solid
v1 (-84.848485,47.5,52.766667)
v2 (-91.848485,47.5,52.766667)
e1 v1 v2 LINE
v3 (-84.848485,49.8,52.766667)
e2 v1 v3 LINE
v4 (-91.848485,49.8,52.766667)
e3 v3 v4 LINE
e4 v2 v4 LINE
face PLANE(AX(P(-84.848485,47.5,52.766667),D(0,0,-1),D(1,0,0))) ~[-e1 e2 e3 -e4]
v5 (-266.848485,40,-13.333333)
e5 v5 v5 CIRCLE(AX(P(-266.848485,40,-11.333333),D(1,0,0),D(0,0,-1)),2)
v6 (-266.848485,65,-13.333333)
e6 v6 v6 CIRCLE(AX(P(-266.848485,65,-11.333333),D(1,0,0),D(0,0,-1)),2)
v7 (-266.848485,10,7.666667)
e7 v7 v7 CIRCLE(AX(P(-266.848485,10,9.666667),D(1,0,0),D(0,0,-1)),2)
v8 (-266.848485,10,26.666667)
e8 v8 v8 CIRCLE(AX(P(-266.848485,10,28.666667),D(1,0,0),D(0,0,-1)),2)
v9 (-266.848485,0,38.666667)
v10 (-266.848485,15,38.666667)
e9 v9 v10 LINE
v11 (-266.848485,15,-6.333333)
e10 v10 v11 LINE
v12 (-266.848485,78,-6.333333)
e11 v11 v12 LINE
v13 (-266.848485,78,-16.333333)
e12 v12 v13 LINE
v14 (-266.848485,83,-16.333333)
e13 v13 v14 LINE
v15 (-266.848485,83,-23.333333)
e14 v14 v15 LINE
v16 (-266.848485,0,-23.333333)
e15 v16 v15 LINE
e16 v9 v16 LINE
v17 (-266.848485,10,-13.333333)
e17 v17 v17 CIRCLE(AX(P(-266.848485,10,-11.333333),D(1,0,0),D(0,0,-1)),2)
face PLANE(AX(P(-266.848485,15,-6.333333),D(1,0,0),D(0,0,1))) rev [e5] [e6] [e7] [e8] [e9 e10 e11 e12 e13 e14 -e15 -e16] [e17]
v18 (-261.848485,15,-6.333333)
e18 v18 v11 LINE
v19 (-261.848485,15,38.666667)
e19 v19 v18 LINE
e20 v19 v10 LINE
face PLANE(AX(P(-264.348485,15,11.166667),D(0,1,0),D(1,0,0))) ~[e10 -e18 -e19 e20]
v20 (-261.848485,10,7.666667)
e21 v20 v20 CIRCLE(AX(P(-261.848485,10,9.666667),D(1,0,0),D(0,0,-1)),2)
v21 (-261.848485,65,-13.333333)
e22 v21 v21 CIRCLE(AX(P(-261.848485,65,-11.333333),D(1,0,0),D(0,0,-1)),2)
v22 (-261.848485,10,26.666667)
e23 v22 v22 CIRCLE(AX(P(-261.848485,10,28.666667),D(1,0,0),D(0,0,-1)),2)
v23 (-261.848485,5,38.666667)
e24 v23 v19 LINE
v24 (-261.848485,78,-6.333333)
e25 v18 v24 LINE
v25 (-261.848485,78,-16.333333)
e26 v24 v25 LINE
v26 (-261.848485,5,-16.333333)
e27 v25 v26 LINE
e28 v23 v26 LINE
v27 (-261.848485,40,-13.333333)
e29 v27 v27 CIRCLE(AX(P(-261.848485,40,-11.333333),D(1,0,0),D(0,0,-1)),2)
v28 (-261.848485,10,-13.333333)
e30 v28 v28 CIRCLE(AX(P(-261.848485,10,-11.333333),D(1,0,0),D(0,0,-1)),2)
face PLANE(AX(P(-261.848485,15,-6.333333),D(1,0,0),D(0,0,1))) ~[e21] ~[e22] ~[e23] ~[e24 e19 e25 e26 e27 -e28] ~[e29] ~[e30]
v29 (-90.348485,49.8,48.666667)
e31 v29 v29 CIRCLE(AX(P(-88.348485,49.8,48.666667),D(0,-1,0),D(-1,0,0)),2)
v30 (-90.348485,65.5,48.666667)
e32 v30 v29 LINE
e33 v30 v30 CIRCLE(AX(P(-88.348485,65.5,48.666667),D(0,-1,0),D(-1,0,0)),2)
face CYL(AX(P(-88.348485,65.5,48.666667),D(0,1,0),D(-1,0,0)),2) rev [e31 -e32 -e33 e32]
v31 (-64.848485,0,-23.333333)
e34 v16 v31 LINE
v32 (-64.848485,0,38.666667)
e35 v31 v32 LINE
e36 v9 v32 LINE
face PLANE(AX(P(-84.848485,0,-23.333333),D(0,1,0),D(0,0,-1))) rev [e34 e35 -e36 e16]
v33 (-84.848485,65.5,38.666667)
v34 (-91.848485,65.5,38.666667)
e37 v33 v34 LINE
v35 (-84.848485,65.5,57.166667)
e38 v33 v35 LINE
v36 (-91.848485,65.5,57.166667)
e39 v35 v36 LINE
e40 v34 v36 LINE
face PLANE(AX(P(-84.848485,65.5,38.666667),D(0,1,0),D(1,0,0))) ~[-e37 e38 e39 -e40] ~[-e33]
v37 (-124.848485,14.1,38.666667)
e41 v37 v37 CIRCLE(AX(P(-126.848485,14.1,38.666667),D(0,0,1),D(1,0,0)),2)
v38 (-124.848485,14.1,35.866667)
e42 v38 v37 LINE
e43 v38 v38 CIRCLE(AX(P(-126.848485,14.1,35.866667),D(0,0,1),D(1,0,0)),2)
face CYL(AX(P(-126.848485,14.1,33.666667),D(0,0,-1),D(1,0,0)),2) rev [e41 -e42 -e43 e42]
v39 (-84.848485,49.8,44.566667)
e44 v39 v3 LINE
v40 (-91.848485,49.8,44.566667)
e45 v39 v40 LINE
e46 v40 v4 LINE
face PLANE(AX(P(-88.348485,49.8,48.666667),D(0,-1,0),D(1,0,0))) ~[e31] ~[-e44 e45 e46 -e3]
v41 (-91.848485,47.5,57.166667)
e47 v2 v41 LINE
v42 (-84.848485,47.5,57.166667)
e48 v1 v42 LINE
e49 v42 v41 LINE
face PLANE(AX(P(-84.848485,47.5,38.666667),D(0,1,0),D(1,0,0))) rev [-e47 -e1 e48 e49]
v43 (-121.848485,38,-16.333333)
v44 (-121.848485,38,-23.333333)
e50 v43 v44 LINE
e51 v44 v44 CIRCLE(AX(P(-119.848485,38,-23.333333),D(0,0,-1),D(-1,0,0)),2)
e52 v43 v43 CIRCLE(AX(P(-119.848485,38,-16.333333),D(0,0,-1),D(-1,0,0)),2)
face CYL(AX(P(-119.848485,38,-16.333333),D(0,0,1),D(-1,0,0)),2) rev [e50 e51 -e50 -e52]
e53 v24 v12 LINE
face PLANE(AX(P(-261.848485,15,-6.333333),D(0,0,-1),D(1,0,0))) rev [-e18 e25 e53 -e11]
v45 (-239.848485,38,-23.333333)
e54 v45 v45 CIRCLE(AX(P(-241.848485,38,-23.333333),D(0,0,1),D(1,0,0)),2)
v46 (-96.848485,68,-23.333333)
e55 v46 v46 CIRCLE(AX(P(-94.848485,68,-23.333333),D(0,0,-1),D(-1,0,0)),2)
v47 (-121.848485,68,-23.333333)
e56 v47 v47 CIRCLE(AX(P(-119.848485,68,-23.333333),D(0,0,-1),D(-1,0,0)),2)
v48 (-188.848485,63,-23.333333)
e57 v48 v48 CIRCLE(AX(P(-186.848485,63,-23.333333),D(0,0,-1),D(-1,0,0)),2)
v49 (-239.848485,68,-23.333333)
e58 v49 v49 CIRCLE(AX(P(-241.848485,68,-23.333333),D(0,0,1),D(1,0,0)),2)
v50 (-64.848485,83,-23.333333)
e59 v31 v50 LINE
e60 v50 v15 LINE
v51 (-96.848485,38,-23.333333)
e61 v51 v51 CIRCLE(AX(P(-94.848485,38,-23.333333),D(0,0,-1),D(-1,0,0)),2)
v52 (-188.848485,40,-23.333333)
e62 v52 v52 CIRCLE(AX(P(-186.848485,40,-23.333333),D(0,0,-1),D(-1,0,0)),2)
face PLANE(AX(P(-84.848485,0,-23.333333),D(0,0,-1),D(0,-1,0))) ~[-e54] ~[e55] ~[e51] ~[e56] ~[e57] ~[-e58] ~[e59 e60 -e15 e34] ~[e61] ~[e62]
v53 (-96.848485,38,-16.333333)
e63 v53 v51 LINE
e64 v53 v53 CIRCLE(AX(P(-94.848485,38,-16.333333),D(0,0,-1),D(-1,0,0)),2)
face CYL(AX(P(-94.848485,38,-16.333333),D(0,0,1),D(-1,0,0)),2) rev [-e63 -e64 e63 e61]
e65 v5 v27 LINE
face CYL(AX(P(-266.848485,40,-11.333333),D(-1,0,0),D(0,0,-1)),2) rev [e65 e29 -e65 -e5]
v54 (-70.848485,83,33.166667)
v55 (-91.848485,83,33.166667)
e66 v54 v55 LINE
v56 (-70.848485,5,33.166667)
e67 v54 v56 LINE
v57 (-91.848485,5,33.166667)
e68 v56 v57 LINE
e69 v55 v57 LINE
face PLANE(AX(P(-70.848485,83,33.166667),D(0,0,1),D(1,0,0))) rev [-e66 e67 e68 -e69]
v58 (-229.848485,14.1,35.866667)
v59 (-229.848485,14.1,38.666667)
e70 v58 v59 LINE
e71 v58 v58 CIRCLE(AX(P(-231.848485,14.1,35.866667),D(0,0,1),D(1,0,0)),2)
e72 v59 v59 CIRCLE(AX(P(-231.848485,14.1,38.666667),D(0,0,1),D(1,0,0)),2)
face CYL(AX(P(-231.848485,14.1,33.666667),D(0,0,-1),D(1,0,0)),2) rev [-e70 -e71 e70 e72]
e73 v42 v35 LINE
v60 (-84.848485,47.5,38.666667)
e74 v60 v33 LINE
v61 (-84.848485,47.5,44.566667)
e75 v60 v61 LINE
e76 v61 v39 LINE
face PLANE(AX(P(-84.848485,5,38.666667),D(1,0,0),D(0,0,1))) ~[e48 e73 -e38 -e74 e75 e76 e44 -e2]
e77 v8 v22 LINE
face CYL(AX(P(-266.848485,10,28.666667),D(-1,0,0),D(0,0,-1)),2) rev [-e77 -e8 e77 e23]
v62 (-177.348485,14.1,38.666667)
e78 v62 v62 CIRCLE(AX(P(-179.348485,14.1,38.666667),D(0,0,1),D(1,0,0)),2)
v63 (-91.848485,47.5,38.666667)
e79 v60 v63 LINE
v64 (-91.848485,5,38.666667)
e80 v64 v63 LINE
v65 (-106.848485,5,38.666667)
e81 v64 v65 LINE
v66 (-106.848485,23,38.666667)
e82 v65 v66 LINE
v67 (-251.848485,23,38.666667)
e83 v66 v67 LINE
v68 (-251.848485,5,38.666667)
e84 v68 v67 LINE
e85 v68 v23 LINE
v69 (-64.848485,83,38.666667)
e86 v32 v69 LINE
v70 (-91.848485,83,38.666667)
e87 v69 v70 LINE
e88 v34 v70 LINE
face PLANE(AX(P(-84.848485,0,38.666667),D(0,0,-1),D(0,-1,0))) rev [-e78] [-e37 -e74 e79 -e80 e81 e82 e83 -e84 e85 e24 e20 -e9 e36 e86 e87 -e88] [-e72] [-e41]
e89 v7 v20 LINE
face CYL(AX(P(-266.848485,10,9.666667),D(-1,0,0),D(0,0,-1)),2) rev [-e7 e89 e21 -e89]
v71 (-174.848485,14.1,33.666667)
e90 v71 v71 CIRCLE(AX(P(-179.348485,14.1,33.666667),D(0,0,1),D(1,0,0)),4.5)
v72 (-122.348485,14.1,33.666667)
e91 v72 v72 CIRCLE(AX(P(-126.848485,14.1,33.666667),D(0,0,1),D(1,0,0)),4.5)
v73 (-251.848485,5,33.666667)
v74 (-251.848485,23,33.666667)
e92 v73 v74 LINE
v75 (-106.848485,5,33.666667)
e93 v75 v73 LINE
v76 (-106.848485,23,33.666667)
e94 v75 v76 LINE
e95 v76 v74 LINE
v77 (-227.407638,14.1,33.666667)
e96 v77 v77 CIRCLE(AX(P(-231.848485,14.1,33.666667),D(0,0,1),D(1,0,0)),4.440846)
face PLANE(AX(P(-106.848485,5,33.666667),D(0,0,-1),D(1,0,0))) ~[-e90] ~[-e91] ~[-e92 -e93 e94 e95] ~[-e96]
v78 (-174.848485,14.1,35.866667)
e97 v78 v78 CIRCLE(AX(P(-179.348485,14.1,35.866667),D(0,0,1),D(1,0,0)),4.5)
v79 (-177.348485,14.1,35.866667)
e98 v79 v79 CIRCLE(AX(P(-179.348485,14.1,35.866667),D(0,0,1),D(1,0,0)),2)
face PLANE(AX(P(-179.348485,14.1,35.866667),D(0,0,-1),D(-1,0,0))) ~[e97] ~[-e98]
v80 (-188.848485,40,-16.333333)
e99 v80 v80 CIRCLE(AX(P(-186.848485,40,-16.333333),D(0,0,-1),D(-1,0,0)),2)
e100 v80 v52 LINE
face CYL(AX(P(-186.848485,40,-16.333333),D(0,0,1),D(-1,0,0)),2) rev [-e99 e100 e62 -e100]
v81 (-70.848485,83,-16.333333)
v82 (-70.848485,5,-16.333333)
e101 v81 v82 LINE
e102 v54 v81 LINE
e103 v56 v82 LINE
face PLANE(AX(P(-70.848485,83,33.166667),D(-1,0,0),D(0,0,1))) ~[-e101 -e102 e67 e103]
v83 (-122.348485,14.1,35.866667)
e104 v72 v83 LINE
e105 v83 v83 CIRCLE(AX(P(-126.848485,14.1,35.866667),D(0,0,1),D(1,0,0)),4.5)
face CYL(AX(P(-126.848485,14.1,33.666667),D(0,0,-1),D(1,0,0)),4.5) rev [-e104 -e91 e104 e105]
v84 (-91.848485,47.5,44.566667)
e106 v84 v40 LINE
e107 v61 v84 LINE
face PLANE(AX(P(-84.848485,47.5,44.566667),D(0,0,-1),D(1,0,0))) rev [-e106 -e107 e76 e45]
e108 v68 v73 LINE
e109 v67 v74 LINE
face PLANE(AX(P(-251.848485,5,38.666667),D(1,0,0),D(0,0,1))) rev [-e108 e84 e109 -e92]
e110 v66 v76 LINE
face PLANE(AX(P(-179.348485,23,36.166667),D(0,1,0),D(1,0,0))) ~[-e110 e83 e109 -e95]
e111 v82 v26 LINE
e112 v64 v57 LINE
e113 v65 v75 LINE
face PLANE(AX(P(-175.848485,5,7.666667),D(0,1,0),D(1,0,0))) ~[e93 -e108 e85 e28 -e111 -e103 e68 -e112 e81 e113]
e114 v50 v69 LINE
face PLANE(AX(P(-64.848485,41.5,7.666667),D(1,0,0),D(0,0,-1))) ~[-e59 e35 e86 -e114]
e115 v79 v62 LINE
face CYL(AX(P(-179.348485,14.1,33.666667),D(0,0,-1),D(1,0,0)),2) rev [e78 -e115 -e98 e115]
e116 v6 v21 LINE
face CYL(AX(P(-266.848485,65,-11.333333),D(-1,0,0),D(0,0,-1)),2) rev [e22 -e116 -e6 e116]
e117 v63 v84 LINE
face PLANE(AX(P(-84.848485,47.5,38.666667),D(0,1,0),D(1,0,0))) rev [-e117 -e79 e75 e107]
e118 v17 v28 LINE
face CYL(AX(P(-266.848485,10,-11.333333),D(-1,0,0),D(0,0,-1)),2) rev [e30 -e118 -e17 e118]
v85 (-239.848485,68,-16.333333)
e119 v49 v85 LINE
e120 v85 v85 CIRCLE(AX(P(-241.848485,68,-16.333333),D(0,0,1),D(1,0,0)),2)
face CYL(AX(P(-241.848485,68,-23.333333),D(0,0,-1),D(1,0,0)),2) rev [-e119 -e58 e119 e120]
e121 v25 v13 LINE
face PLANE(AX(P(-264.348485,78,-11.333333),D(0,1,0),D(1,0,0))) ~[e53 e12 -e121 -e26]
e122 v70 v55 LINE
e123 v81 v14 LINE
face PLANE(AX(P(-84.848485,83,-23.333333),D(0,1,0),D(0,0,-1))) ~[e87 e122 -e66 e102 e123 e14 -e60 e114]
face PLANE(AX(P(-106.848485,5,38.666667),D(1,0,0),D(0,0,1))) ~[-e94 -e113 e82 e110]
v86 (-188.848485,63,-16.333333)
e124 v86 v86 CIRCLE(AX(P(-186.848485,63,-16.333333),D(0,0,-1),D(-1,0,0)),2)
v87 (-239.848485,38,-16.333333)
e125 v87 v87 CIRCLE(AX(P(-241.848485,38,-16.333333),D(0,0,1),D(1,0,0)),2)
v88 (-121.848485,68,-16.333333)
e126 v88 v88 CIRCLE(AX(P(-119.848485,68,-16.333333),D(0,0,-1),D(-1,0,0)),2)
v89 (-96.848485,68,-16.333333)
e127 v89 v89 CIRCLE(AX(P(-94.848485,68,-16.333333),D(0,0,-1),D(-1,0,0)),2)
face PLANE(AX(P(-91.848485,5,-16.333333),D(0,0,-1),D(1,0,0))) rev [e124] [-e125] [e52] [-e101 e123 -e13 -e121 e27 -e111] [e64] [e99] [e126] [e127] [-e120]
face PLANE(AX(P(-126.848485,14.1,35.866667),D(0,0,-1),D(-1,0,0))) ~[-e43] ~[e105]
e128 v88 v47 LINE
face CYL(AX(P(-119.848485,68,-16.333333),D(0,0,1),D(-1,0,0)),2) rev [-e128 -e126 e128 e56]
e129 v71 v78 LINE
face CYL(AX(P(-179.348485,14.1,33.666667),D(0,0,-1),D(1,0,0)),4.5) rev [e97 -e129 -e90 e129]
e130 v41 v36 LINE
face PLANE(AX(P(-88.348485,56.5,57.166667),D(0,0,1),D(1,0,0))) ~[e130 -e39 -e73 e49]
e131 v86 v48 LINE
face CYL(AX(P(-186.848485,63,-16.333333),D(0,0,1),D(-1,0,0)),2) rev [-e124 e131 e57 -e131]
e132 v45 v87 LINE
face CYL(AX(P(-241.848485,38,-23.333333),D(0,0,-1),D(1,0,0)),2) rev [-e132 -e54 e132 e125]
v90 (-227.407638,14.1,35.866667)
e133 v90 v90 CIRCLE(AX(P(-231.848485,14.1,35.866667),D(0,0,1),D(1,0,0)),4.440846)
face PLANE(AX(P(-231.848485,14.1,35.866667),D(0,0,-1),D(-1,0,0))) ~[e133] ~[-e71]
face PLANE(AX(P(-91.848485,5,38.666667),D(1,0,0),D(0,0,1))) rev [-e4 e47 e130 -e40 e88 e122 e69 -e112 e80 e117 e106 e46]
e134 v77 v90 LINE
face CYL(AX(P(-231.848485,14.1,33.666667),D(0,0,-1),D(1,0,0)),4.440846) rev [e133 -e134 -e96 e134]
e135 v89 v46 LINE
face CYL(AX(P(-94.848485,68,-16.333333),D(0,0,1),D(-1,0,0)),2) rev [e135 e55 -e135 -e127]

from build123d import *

# Parameters (mm, degrees)
SKETCH1_W           = 182
SKETCH1_H           = 62
BOSS_EXTRUDE1_DEPTH = 5
SKETCH2_W           = 145
SKETCH2_H           = 5
BOSS_EXTRUDE2_DEPTH = 18
SKETCH3_R           = 2
CUT_EXTRUDE1_DEPTH  = 18
SKETCH4_W           = 7
SKETCH4_H           = 62
BOSS_EXTRUDE3_DEPTH = 78
SKETCH5_W           = 175
SKETCH5_H           = 7
BOSS_EXTRUDE4_DEPTH = 78
SKETCH6_W           = 7
SKETCH6_H           = 18
BOSS_EXTRUDE5_DEPTH = 18.5
SKETCH7_R           = 2
CUT_EXTRUDE2_DEPTH  = 18
SKETCH8_W           = 7
SKETCH8_H           = 8.2
CUT_EXTRUDE3_DEPTH  = 2.3
SKETCH9_R           = 4.440846437
SKETCH9_R_2         = 4.5
CUT_EXTRUDE4_DEPTH  = 2.2
SKETCH12_W          = 5
SKETCH12_H          = 55
BOSS_EXTRUDE6_DEPTH = 10
SKETCH13_W          = 5
SKETCH13_H          = 10
BOSS_EXTRUDE7_DEPTH = 63
SKETCH15_R          = 2
CUT_EXTRUDE6_DEPTH  = 63
SKETCH16_W          = 62
SKETCH16_H          = 83
BOSS_EXTRUDE8_DEPTH = 20
SKETCH17_W          = 21
SKETCH17_H          = 49.5
CUT_EXTRUDE7_DEPTH  = 78
SKETCH18_R          = 2
CUT_EXTRUDE8_DEPTH  = 82
SKETCH19_R          = 2
CUT_EXTRUDE9_DEPTH  = 82
SKETCH21_R          = 2
CUT_EXTRUDE10_DEPTH = 10


with BuildPart() as part:
    # Sketch1 → Boss-Extrude1 (new body)
    with BuildSketch(Plane(origin=(0, 0, 0), x_dir=(1, 0, 0), z_dir=(0, 1, 0))):
        with Locations((46.151515152, -7.666666667)):
            Rectangle(SKETCH1_W, SKETCH1_H)
    extrude(amount=BOSS_EXTRUDE1_DEPTH)

    # Sketch2 → Boss-Extrude2 (add)
    with BuildSketch(Plane(origin=(0, 5, 0), x_dir=(1, 0, 0), z_dir=(0, 1, 0))):
        with Locations((49.651515152, -36.166666667)):
            Rectangle(SKETCH2_W, SKETCH2_H)
    extrude(amount=BOSS_EXTRUDE2_DEPTH)

    # Sketch3 → Cut-Extrude1 (cut)
    with BuildSketch(Plane(origin=(0, 0, 33.666666667), x_dir=(-1, 0, 0), z_dir=(0, 0, -1))):
        with Locations((-102.151515152, 14.1)):
            Circle(SKETCH3_R)
        with Locations((-49.651515152, 14.1)):
            Circle(SKETCH3_R)
        with Locations((2.848484848, 14.1)):
            Circle(SKETCH3_R)
    extrude(amount=-CUT_EXTRUDE1_DEPTH, mode=Mode.SUBTRACT)

    # Sketch4 → Boss-Extrude3 (add)
    with BuildSketch(Plane(origin=(0, 5, 0), x_dir=(1, 0, 0), z_dir=(0, 1, 0))):
        with Locations((-41.348484848, -7.666666667)):
            Rectangle(SKETCH4_W, SKETCH4_H)
    extrude(amount=BOSS_EXTRUDE3_DEPTH)

    # Sketch5 → Boss-Extrude4 (add)
    with BuildSketch(Plane(origin=(0, 5, 0), x_dir=(1, 0, 0), z_dir=(0, 1, 0))):
        with Locations((49.651515152, 19.833333333)):
            Rectangle(SKETCH5_W, SKETCH5_H)
    extrude(amount=BOSS_EXTRUDE4_DEPTH)

    # Sketch6 → Boss-Extrude5 (add)
    with BuildSketch(Plane.XY.offset(38.666666667)):
        with Locations((-41.348484848, 56.5)):
            Rectangle(SKETCH6_W, SKETCH6_H)
    extrude(amount=BOSS_EXTRUDE5_DEPTH)

    # Sketch7 → Cut-Extrude2 (cut)
    with BuildSketch(Plane(origin=(0, 65.5, 0), x_dir=(1, 0, 0), z_dir=(0, 1, 0))):
        with Locations((-41.348484848, -48.666666667)):
            Circle(SKETCH7_R)
    extrude(amount=-CUT_EXTRUDE2_DEPTH, mode=Mode.SUBTRACT)

    # Sketch8 → Cut-Extrude3 (cut)
    with BuildSketch(Plane.XZ.offset(-47.5)):
        with Locations((-41.348484848, 48.666666667)):
            Rectangle(SKETCH8_W, SKETCH8_H)
    extrude(amount=-CUT_EXTRUDE3_DEPTH, mode=Mode.SUBTRACT)

    # Sketch9 → Cut-Extrude4 (cut)
    with BuildSketch(Plane(origin=(0, 0, 33.666666667), x_dir=(-1, 0, 0), z_dir=(0, 0, -1))):
        with Locations((-102.151515152, 14.1)):
            Circle(SKETCH9_R)
        with Locations((-49.651515152, 14.1)):
            Circle(SKETCH9_R_2)
        with Locations((2.848484848, 14.1)):
            Circle(SKETCH9_R_2)
    extrude(amount=-CUT_EXTRUDE4_DEPTH, mode=Mode.SUBTRACT)

    # Sketch12 → Boss-Extrude6 (add)
    with BuildSketch(Plane(origin=(0, 5, 0), x_dir=(1, 0, 0), z_dir=(0, 1, 0))):
        with Locations((134.651515152, -11.166666667)):
            Rectangle(SKETCH12_W, SKETCH12_H)
    extrude(amount=BOSS_EXTRUDE6_DEPTH)

    # Sketch13 → Boss-Extrude7 (add)
    with BuildSketch(Plane(origin=(0, 15, 0), x_dir=(1, 0, 0), z_dir=(0, 1, 0))):
        with Locations((134.651515152, 11.333333333)):
            Rectangle(SKETCH13_W, SKETCH13_H)
    extrude(amount=BOSS_EXTRUDE7_DEPTH)

    # Sketch15 → Cut-Extrude6 (cut)
    with BuildSketch(Plane(origin=(137.151515152, 0, 0), x_dir=(0, 0, -1), z_dir=(1, 0, 0))):
        with Locations((11.333333333, 65)):
            Circle(SKETCH15_R)
        with Locations((11.333333333, 40)):
            Circle(SKETCH15_R)
        with Locations((11.333333333, 10)):
            Circle(SKETCH15_R)
        with Locations((-28.666666667, 10)):
            Circle(SKETCH15_R)
        with Locations((-9.666666667, 10)):
            Circle(SKETCH15_R)
    extrude(amount=-CUT_EXTRUDE6_DEPTH, mode=Mode.SUBTRACT)

    # Sketch16 → Boss-Extrude8 (add)
    with BuildSketch(Plane.ZY.offset(44.848484848)):
        with Locations((7.666666667, 41.5)):
            Rectangle(SKETCH16_W, SKETCH16_H)
    extrude(amount=BOSS_EXTRUDE8_DEPTH)

    # Sketch17 → Cut-Extrude7 (cut)
    with BuildSketch(Plane(origin=(0, 83, 0), x_dir=(1, 0, 0), z_dir=(0, 1, 0))):
        with Locations((-48.348484848, -8.416666667)):
            Rectangle(SKETCH17_W, SKETCH17_H)
    extrude(amount=-CUT_EXTRUDE7_DEPTH, mode=Mode.SUBTRACT)

    # Sketch18 → Cut-Extrude8 (cut)
    with BuildSketch(Plane.XY.offset(-16.333333333)):
        with Locations((-34.848484848, 68)):
            Circle(SKETCH18_R)
        with Locations((-9.848484848, 68)):
            Circle(SKETCH18_R)
        with Locations((-34.848484848, 38)):
            Circle(SKETCH18_R)
        with Locations((-9.848484848, 38)):
            Circle(SKETCH18_R)
    extrude(amount=-CUT_EXTRUDE8_DEPTH, mode=Mode.SUBTRACT)

    # Sketch19 → Cut-Extrude9 (cut)
    with BuildSketch(Plane.XY.offset(-16.333333333)):
        with Locations((57.151515152, 63)):
            Circle(SKETCH19_R)
        with Locations((57.151515152, 40)):
            Circle(SKETCH19_R)
    extrude(amount=-CUT_EXTRUDE9_DEPTH, mode=Mode.SUBTRACT)

    # Sketch21 → Cut-Extrude10 (cut)
    with BuildSketch(Plane(origin=(0, 0, -23.333333333), x_dir=(-1, 0, 0), z_dir=(0, 0, -1))):
        with Locations((-112.151515152, 38)):
            Circle(SKETCH21_R)
        with Locations((-112.151515152, 68)):
            Circle(SKETCH21_R)
    extrude(amount=-CUT_EXTRUDE10_DEPTH, mode=Mode.SUBTRACT)


with BuildPart() as body_2:
    # Mirror1: mirrored copy
    add(part.part.mirror(Plane.ZY.offset(64.848484848)))


solid = body_2.part
